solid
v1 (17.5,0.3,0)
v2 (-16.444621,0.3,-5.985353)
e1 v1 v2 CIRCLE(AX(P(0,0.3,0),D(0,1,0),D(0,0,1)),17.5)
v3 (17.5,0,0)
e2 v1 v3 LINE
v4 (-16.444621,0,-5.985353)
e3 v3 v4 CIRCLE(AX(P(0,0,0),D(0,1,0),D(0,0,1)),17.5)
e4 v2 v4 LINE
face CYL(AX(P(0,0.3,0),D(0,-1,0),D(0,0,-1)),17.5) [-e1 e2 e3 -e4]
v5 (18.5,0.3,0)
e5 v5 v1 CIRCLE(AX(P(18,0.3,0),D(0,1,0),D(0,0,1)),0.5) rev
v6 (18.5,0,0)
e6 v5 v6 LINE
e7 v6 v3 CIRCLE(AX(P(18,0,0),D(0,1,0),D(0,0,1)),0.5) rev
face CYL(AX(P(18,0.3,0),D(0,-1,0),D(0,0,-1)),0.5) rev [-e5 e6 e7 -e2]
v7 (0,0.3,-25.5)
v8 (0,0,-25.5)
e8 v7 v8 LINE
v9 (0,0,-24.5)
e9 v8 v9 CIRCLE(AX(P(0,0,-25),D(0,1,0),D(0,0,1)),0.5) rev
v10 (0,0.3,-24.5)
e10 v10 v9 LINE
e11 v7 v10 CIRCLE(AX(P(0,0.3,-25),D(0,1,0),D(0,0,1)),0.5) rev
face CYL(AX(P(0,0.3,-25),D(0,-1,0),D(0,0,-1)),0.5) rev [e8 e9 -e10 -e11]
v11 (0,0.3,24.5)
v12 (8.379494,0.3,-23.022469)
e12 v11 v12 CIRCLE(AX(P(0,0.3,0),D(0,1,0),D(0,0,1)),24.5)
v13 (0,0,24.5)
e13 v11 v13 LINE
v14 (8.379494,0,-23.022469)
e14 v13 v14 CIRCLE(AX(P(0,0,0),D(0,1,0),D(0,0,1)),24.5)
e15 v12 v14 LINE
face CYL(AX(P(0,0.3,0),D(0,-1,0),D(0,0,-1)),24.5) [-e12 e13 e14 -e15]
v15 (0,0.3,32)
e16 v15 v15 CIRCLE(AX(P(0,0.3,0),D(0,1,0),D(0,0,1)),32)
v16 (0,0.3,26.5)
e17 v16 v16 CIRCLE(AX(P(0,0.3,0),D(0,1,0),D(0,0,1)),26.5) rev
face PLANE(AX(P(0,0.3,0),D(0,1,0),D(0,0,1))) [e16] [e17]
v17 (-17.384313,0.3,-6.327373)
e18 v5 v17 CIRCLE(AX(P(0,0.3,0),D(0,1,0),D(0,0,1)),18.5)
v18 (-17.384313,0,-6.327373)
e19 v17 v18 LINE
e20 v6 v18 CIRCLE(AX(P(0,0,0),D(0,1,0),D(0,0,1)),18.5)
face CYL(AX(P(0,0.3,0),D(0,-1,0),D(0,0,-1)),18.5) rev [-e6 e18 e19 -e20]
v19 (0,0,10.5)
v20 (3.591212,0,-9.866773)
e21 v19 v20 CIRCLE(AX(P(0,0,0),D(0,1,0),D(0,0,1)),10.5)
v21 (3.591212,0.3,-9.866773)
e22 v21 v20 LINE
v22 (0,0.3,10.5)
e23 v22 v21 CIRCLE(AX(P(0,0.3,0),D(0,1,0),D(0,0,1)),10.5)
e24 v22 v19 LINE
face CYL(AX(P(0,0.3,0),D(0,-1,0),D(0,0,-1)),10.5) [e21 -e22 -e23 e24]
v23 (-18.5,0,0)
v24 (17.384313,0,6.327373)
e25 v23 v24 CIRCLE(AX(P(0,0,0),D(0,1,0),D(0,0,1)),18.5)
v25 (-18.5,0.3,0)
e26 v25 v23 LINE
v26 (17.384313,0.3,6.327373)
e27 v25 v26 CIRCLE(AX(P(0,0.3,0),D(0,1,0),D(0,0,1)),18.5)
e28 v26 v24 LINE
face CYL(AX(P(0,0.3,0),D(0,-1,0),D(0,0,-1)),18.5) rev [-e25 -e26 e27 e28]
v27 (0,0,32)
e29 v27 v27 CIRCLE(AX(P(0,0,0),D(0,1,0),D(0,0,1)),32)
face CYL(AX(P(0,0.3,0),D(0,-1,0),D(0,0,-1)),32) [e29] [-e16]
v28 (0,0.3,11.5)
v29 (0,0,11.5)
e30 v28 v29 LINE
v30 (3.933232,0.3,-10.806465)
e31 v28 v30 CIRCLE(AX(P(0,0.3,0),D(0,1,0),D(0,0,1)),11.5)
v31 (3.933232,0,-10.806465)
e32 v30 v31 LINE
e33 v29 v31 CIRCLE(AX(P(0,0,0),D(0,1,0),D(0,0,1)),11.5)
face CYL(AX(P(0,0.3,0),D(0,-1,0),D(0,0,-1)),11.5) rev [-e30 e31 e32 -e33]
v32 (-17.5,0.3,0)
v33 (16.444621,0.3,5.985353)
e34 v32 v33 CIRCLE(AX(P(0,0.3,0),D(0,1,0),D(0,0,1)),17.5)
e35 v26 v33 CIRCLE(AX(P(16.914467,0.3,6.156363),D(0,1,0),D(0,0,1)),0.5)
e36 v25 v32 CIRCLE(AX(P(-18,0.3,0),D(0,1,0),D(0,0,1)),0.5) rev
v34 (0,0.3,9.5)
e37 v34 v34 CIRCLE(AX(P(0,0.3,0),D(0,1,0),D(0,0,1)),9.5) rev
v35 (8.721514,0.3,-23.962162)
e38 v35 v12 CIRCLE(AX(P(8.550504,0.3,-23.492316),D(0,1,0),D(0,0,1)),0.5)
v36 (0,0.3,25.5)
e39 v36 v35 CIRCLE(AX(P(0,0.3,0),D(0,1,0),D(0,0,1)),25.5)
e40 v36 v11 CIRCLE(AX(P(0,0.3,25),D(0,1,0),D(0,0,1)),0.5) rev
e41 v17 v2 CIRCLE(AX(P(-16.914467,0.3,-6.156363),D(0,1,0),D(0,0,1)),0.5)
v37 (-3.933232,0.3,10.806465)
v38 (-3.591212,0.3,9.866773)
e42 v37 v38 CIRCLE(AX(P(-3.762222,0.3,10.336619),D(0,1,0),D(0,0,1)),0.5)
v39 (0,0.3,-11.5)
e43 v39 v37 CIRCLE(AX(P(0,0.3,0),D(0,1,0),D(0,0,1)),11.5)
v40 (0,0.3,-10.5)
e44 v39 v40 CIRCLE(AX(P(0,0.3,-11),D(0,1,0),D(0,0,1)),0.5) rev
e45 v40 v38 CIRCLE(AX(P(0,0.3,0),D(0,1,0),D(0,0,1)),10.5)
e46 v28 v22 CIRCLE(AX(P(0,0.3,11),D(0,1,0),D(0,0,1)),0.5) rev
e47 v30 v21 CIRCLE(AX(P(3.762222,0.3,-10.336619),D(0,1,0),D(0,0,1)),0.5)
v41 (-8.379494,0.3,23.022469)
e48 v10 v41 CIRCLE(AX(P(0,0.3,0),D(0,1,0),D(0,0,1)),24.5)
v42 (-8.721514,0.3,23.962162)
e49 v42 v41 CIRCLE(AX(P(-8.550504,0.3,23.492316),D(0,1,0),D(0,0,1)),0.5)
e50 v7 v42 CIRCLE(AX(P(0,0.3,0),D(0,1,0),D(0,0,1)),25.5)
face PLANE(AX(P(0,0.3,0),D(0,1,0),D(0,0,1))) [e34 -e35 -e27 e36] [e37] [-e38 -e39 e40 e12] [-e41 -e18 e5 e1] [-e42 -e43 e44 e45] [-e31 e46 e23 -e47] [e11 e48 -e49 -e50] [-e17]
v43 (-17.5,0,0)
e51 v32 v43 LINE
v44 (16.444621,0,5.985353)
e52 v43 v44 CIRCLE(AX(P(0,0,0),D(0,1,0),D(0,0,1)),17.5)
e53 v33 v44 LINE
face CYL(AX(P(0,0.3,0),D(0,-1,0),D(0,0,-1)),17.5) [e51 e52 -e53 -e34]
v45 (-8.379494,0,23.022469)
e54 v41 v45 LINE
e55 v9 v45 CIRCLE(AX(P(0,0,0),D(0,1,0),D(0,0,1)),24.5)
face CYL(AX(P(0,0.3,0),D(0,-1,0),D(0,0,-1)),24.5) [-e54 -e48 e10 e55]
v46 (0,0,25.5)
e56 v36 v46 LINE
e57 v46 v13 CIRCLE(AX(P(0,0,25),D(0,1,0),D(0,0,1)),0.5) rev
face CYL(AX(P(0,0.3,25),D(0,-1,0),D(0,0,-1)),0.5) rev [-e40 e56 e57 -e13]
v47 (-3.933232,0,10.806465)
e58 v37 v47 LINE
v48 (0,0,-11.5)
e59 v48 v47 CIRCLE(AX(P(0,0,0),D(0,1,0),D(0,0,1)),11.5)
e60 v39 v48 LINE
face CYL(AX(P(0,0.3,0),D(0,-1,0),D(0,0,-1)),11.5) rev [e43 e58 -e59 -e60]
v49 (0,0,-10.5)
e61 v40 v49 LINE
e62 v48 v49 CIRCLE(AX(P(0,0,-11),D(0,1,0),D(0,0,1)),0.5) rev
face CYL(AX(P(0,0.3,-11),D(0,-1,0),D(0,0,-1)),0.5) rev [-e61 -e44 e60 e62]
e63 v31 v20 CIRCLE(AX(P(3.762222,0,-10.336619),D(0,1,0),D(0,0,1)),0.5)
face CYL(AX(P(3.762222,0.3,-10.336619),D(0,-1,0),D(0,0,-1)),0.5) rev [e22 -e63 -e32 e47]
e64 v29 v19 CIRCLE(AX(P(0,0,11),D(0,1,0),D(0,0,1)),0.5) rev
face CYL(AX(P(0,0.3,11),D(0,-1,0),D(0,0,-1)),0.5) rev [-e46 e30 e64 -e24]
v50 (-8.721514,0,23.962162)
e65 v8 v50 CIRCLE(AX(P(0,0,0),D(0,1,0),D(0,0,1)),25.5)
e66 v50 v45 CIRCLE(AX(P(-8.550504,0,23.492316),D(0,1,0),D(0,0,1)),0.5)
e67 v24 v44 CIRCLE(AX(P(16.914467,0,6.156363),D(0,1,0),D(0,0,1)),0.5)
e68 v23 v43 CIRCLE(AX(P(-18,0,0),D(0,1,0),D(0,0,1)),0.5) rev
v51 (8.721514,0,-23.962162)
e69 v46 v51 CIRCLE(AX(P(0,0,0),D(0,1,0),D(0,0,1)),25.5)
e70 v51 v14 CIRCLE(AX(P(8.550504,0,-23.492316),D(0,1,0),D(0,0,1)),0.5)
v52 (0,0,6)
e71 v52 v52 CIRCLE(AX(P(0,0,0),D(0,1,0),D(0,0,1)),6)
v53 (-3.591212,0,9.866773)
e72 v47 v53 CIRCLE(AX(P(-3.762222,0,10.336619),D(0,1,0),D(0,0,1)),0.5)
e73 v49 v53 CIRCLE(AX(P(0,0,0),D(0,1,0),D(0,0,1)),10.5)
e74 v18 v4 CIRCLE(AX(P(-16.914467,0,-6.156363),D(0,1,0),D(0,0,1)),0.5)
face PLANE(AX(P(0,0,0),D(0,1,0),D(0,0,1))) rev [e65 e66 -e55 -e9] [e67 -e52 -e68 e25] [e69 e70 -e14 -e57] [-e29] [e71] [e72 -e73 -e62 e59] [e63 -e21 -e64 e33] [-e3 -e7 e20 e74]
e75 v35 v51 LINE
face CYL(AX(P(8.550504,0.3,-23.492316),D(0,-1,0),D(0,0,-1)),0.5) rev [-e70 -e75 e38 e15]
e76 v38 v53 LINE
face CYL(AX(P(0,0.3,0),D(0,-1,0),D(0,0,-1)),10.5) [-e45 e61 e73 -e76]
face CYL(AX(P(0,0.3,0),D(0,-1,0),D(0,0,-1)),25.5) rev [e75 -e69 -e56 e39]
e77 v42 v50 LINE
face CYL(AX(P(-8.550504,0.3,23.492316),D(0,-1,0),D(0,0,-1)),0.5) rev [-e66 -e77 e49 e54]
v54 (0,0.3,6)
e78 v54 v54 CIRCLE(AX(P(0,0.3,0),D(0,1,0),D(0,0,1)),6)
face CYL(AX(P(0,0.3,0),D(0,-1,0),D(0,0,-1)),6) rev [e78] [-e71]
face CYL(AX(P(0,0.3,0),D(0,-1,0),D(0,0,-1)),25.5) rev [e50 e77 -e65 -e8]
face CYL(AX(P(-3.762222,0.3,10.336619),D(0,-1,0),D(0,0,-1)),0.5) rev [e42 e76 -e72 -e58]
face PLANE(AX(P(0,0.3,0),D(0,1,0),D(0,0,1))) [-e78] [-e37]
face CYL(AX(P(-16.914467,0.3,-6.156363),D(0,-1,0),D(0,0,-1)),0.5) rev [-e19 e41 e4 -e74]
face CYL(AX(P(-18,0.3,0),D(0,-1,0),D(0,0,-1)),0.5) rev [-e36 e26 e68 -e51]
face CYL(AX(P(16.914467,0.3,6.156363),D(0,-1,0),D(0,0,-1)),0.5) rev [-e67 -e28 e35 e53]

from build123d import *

# Parameters (mm, degrees)
SKETCH1_R           = 32
SKETCH1_R_2         = 6
BOSS_EXTRUDE1_DEPTH = 0.3


with BuildPart() as part:
    # Sketch1 → Boss-Extrude1 (new body)
    with BuildSketch(Plane(origin=(0, 0, 0), x_dir=(1, 0, 0), z_dir=(0, 1, 0))):
        Circle(SKETCH1_R)
        Circle(SKETCH1_R_2, mode=Mode.SUBTRACT)
        with BuildLine():
            ThreePointArc((0, 25.5), (-25.112597702, 4.428028531), (-8.721513655, -23.96216183))
            ThreePointArc((-8.721513655, -23.96216183), (-8.080657273, -23.663325591), (-8.379493511, -23.022469209))
            ThreePointArc((-8.379493511, -23.022469209), (-24.127789949, 4.254380353), (0, 24.5))
            ThreePointArc((0, 24.5), (0.5, 25), (0, 25.5))
        make_face(mode=Mode.SUBTRACT)
        with BuildLine():
            ThreePointArc((18.5, 0), (3.212491287, 18.218943431), (-17.384313485, 6.327372652))
            ThreePointArc((-17.384313485, 6.327372652), (-17.085477246, 5.686516269), (-16.444620864, 5.985352508))
            ThreePointArc((-16.444620864, 5.985352508), (3.038843109, 17.234135678), (17.5, 0))
            ThreePointArc((17.5, 0), (18, -0.5), (18.5, 0))
        make_face(mode=Mode.SUBTRACT)
        with BuildLine():
            ThreePointArc((0, -25.5), (25.112597702, -4.428028531), (8.721513655, 23.96216183))
            ThreePointArc((8.721513655, 23.96216183), (8.080657273, 23.663325591), (8.379493511, 23.022469209))
            ThreePointArc((8.379493511, 23.022469209), (24.127789949, -4.254380353), (0, -24.5))
            ThreePointArc((0, -24.5), (-0.5, -25), (0, -25.5))
        make_face(mode=Mode.SUBTRACT)
        with BuildLine():
            ThreePointArc((0, 11.5), (-11.32528916, 1.996954043), (-3.933231648, -10.806465139))
            ThreePointArc((-3.933231648, -10.806465139), (-3.292375266, -10.5076289), (-3.591211505, -9.866772518))
            ThreePointArc((-3.591211505, -9.866772518), (-10.340481407, 1.823305866), (0, 10.5))
            ThreePointArc((0, 10.5), (0.5, 11), (0, 11.5))
        make_face(mode=Mode.SUBTRACT)
        with BuildLine():
            ThreePointArc((0, -11.5), (11.32528916, -1.996954043), (3.933231648, 10.806465139))
            ThreePointArc((3.933231648, 10.806465139), (3.292375266, 10.5076289), (3.591211505, 9.866772518))
            ThreePointArc((3.591211505, 9.866772518), (10.340481407, -1.823305866), (0, -10.5))
            ThreePointArc((0, -10.5), (-0.5, -11), (0, -11.5))
        make_face(mode=Mode.SUBTRACT)
        with BuildLine():
            ThreePointArc((-18.5, 0), (-3.212491287, -18.218943431), (17.384313485, -6.327372652))
            ThreePointArc((17.384313485, -6.327372652), (17.085477246, -5.686516269), (16.444620864, -5.985352508))
            ThreePointArc((16.444620864, -5.985352508), (-3.038843109, -17.234135678), (-17.5, 0))
            ThreePointArc((-17.5, 0), (-18, 0.5), (-18.5, 0))
        make_face(mode=Mode.SUBTRACT)
    extrude(amount=BOSS_EXTRUDE1_DEPTH)


solid = part.part
